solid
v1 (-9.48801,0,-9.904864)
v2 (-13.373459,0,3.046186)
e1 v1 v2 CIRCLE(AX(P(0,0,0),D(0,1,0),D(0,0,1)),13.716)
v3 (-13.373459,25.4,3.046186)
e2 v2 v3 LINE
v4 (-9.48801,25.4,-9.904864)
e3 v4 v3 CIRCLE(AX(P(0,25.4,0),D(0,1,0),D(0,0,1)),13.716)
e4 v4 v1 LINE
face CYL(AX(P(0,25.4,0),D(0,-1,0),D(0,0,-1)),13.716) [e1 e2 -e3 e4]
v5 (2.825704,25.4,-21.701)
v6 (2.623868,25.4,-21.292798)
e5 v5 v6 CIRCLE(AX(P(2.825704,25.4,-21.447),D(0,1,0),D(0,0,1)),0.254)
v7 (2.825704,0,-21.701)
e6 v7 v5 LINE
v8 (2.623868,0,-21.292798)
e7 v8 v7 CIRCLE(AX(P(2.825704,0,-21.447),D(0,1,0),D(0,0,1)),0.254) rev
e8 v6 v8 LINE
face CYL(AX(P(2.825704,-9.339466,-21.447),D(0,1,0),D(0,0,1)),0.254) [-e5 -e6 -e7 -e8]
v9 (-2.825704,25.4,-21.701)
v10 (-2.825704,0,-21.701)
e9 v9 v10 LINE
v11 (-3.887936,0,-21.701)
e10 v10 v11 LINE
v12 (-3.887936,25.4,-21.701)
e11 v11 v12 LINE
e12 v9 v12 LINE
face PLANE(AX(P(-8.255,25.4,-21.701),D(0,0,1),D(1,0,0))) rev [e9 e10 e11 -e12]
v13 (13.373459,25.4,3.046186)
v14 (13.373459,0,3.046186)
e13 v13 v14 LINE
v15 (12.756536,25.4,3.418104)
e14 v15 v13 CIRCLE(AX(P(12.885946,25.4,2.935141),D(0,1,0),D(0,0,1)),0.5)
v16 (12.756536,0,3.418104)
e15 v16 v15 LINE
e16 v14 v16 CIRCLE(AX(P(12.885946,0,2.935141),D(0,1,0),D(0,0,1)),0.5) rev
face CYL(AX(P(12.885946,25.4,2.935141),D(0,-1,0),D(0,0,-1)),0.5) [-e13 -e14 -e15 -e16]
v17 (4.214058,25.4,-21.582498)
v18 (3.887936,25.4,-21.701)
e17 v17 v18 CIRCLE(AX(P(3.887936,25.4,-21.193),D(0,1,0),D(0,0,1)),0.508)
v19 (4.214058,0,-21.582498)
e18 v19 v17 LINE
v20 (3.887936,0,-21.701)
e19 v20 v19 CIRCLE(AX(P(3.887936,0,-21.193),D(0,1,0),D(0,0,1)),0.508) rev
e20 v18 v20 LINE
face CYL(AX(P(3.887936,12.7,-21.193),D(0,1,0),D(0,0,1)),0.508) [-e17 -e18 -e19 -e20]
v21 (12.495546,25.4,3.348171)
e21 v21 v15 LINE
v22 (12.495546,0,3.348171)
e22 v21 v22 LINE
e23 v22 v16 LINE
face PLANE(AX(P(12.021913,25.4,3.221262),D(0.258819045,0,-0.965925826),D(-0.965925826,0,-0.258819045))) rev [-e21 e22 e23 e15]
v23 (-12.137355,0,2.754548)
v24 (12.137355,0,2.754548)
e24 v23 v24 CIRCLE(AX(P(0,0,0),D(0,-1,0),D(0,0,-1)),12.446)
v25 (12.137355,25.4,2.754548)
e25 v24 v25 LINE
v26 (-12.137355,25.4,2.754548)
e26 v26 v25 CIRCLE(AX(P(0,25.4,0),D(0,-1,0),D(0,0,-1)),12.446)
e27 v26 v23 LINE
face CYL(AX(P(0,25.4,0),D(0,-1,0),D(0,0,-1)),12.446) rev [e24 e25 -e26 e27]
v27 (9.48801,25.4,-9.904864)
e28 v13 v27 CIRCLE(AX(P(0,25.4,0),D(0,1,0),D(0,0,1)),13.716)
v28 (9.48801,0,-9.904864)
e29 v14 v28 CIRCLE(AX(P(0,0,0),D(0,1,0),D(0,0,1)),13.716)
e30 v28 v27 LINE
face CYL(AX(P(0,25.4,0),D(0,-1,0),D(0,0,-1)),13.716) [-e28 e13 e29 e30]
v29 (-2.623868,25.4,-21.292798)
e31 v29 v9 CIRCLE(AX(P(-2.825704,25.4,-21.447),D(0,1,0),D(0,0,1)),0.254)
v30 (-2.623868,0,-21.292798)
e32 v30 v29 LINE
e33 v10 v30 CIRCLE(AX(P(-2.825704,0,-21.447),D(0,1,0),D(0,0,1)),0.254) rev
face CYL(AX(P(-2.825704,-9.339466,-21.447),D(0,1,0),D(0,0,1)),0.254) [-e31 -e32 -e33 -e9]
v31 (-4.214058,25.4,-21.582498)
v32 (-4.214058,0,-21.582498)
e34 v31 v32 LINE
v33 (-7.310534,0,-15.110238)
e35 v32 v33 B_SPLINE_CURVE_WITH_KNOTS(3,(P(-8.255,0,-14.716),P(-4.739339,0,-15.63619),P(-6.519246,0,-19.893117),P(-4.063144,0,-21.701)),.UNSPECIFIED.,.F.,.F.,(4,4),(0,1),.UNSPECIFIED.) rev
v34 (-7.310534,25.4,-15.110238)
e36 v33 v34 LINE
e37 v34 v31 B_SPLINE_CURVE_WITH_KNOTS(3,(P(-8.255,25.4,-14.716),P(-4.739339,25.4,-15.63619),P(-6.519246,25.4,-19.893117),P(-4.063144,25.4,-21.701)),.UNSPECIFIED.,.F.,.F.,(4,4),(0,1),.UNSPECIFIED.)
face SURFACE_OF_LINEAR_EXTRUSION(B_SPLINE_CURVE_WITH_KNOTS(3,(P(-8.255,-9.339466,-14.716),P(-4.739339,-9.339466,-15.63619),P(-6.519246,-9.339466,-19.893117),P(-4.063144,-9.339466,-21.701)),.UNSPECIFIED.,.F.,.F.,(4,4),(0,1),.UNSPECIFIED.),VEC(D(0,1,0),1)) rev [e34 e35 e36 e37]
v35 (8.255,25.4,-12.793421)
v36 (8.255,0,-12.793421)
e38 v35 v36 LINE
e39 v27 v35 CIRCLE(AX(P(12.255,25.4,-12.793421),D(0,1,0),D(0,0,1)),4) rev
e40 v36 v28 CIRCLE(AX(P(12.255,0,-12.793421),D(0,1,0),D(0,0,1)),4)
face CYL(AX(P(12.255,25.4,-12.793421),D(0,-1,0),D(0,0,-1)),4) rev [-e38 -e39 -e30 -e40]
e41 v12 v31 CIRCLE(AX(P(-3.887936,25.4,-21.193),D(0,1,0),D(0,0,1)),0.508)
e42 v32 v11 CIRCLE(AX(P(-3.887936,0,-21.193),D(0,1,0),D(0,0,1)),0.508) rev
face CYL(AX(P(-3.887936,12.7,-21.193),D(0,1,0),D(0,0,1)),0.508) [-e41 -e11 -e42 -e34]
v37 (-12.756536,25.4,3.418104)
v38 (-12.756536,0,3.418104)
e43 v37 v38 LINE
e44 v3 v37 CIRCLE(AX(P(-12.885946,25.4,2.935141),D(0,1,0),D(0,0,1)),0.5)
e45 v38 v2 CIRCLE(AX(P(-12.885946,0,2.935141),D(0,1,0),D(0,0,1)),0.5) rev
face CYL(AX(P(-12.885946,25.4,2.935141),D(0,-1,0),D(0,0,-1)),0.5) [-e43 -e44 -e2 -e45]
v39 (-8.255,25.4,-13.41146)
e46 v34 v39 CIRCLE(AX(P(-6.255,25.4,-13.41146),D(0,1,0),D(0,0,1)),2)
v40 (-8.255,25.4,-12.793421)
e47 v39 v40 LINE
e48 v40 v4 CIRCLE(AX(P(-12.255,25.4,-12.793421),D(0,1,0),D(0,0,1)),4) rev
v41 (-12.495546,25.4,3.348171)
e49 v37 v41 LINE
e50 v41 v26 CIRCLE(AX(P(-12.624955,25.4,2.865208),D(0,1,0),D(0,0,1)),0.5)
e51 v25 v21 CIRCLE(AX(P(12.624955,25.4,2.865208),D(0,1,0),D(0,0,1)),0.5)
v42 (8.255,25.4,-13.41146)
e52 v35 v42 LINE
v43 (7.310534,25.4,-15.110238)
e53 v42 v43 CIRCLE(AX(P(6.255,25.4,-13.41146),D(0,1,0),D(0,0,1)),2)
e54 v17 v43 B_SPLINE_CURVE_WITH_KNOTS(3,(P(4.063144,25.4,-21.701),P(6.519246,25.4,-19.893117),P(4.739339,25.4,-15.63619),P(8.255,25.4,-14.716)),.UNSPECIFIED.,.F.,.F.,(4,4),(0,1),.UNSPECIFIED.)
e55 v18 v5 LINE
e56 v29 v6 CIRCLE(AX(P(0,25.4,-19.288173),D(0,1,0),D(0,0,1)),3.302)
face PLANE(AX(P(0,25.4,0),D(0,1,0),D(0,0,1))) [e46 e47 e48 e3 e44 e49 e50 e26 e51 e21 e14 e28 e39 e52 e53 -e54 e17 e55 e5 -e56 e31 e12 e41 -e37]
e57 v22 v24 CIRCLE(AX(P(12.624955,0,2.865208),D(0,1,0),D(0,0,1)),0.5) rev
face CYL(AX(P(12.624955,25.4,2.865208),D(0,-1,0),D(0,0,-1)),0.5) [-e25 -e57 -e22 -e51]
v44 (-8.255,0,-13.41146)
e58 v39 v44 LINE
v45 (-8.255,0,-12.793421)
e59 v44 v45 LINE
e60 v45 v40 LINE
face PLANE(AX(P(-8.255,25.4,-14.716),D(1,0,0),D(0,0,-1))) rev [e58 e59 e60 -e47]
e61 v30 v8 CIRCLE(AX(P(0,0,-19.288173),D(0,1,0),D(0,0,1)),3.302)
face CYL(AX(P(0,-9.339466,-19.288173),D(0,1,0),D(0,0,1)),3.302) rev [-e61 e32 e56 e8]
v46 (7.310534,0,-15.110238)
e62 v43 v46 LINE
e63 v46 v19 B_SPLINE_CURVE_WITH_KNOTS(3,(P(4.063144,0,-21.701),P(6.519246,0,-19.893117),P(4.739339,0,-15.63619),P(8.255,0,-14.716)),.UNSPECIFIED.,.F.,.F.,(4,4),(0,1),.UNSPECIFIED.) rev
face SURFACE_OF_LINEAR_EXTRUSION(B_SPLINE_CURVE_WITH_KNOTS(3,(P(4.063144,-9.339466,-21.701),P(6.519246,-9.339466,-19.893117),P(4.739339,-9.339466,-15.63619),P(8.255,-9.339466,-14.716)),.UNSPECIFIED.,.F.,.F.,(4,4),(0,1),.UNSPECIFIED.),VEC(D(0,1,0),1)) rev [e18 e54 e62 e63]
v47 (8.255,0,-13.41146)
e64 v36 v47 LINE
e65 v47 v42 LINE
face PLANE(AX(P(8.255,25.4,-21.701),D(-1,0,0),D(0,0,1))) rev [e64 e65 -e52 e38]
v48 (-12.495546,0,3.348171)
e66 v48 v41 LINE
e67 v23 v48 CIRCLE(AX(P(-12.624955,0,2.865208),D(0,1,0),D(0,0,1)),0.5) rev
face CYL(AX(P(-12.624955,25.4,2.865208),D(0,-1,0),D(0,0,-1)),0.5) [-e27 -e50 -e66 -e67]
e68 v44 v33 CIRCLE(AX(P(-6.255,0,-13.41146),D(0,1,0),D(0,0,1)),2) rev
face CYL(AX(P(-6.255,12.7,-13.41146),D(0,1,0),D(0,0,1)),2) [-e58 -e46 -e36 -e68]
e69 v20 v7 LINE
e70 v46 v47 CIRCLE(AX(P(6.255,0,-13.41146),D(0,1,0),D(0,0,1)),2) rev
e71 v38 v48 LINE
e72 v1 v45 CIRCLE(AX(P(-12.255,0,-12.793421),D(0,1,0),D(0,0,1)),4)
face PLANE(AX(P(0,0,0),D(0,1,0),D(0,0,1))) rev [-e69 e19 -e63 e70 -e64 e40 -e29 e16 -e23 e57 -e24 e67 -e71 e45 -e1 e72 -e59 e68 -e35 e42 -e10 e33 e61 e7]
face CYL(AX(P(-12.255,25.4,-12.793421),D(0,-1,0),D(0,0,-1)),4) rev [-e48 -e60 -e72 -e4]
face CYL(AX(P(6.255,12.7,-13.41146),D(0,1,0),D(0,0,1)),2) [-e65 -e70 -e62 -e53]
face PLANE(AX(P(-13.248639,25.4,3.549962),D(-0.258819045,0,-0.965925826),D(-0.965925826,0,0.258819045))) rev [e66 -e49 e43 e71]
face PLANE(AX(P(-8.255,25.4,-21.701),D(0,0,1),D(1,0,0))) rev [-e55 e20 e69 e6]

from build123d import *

# Parameters (mm, degrees)
BOSS_EXTRUDE1_DEPTH = 25.4
SKETCH2_R           = 3.302
CUT_EXTRUDE1_DEPTH  = 25.4
FILLET1_R           = 0.508
FILLET2_R           = 0.254
FILLET3_R           = 2
FILLET4_R           = 4
FILLET5_R           = 0.5


with BuildPart() as part:
    # Sketch1 → Boss-Extrude1 (new body)
    with BuildSketch(Plane(origin=(0, 0, 0), x_dir=(1, 0, 0), z_dir=(0, 1, 0))):
        with BuildLine():
            Line((-13.248638633, -3.549962023), (-12.021912834, -3.221261835))
            ThreePointArc((-12.021912834, -3.221261835), (0, 12.446), (12.021912834, -3.221261835))
            Line((12.021912834, -3.221261835), (13.248638633, -3.549962023))
            ThreePointArc((13.248638633, -3.549962023), (12.968835743, 4.465193777), (8.255, 10.953703985))
            Line((8.255, 10.953703985), (8.255, 14.716))
            Line((8.255, 14.716), (8.255, 21.701))
            Line((8.255, 21.701), (-8.255, 21.701))
            Line((-8.255, 21.701), (-8.255, 14.716))
            Line((-8.255, 14.716), (-8.255, 10.953703985))
            ThreePointArc((-8.255, 10.953703985), (-12.968835743, 4.465193777), (-13.248638633, -3.549962023))
        make_face()
    extrude(amount=BOSS_EXTRUDE1_DEPTH)

    # Sketch2 → Cut-Extrude1 (cut)
    with BuildSketch(Plane(origin=(0, 25.4, 0), x_dir=(1, 0, 0), z_dir=(0, 1, 0))):
        with Locations((0, 19.28817272)):
            Circle(SKETCH2_R)
        with BuildLine():
            Line((-8.255, 21.701), (-8.255, 14.716))
            add(Edge.make_bspline(
                [(-8.255, 14.716), (-4.739338783, 15.636189596), (-6.519245554, 19.893117267), (-4.063143766, 21.701)],
                knots=[0, 0, 0, 0, 1, 1, 1, 1], degree=3))
            Line((-4.063143766, 21.701), (-8.255, 21.701))
        make_face()
        with BuildLine():
            Line((8.255, 21.701), (8.255, 14.716))
            add(Edge.make_bspline(
                [(8.255, 14.716), (4.739338783, 15.636189596), (6.519245554, 19.893117267), (4.063143766, 21.701)],
                knots=[0, 0, 0, 0, 1, 1, 1, 1], degree=3))
            Line((4.063143766, 21.701), (8.255, 21.701))
        make_face()
    extrude(amount=-CUT_EXTRUDE1_DEPTH, mode=Mode.SUBTRACT)

    # Fillet1
    fillet1_edges = [part.edges().sort_by_distance(p)[0] for p in [
        (-4.063143766, 12.7, -21.701),
        (4.063143766, 12.7, -21.701),
    ]]
    fillet(fillet1_edges, radius=FILLET1_R)

    # Fillet2
    fillet2_edges = [part.edges().sort_by_distance(p)[0] for p in [
        (2.254211285, 12.7, -21.701),
        (-2.254211285, 12.7, -21.701),
    ]]
    fillet(fillet2_edges, radius=FILLET2_R)

    # Fillet3
    fillet3_edges = [part.edges().sort_by_distance(p)[0] for p in [
        (-8.255, 12.7, -14.716),
        (8.255, 12.7, -14.716),
    ]]
    fillet(fillet3_edges, radius=FILLET3_R)

    # Fillet4
    fillet4_edges = [part.edges().sort_by_distance(p)[0] for p in [
        (-8.255, 12.7, -10.953703985),
        (8.255, 12.7, -10.953703985),
    ]]
    fillet(fillet4_edges, radius=FILLET4_R)

    # Fillet5
    fillet5_edges = [part.edges().sort_by_distance(p)[0] for p in [
        (13.248638633, 12.7, 3.549962023),
        (12.021912834, 12.7, 3.221261835),
        (-12.021912834, 12.7, 3.221261835),
        (-13.248638633, 12.7, 3.549962023),
    ]]
    fillet(fillet5_edges, radius=FILLET5_R)


solid = part.part
